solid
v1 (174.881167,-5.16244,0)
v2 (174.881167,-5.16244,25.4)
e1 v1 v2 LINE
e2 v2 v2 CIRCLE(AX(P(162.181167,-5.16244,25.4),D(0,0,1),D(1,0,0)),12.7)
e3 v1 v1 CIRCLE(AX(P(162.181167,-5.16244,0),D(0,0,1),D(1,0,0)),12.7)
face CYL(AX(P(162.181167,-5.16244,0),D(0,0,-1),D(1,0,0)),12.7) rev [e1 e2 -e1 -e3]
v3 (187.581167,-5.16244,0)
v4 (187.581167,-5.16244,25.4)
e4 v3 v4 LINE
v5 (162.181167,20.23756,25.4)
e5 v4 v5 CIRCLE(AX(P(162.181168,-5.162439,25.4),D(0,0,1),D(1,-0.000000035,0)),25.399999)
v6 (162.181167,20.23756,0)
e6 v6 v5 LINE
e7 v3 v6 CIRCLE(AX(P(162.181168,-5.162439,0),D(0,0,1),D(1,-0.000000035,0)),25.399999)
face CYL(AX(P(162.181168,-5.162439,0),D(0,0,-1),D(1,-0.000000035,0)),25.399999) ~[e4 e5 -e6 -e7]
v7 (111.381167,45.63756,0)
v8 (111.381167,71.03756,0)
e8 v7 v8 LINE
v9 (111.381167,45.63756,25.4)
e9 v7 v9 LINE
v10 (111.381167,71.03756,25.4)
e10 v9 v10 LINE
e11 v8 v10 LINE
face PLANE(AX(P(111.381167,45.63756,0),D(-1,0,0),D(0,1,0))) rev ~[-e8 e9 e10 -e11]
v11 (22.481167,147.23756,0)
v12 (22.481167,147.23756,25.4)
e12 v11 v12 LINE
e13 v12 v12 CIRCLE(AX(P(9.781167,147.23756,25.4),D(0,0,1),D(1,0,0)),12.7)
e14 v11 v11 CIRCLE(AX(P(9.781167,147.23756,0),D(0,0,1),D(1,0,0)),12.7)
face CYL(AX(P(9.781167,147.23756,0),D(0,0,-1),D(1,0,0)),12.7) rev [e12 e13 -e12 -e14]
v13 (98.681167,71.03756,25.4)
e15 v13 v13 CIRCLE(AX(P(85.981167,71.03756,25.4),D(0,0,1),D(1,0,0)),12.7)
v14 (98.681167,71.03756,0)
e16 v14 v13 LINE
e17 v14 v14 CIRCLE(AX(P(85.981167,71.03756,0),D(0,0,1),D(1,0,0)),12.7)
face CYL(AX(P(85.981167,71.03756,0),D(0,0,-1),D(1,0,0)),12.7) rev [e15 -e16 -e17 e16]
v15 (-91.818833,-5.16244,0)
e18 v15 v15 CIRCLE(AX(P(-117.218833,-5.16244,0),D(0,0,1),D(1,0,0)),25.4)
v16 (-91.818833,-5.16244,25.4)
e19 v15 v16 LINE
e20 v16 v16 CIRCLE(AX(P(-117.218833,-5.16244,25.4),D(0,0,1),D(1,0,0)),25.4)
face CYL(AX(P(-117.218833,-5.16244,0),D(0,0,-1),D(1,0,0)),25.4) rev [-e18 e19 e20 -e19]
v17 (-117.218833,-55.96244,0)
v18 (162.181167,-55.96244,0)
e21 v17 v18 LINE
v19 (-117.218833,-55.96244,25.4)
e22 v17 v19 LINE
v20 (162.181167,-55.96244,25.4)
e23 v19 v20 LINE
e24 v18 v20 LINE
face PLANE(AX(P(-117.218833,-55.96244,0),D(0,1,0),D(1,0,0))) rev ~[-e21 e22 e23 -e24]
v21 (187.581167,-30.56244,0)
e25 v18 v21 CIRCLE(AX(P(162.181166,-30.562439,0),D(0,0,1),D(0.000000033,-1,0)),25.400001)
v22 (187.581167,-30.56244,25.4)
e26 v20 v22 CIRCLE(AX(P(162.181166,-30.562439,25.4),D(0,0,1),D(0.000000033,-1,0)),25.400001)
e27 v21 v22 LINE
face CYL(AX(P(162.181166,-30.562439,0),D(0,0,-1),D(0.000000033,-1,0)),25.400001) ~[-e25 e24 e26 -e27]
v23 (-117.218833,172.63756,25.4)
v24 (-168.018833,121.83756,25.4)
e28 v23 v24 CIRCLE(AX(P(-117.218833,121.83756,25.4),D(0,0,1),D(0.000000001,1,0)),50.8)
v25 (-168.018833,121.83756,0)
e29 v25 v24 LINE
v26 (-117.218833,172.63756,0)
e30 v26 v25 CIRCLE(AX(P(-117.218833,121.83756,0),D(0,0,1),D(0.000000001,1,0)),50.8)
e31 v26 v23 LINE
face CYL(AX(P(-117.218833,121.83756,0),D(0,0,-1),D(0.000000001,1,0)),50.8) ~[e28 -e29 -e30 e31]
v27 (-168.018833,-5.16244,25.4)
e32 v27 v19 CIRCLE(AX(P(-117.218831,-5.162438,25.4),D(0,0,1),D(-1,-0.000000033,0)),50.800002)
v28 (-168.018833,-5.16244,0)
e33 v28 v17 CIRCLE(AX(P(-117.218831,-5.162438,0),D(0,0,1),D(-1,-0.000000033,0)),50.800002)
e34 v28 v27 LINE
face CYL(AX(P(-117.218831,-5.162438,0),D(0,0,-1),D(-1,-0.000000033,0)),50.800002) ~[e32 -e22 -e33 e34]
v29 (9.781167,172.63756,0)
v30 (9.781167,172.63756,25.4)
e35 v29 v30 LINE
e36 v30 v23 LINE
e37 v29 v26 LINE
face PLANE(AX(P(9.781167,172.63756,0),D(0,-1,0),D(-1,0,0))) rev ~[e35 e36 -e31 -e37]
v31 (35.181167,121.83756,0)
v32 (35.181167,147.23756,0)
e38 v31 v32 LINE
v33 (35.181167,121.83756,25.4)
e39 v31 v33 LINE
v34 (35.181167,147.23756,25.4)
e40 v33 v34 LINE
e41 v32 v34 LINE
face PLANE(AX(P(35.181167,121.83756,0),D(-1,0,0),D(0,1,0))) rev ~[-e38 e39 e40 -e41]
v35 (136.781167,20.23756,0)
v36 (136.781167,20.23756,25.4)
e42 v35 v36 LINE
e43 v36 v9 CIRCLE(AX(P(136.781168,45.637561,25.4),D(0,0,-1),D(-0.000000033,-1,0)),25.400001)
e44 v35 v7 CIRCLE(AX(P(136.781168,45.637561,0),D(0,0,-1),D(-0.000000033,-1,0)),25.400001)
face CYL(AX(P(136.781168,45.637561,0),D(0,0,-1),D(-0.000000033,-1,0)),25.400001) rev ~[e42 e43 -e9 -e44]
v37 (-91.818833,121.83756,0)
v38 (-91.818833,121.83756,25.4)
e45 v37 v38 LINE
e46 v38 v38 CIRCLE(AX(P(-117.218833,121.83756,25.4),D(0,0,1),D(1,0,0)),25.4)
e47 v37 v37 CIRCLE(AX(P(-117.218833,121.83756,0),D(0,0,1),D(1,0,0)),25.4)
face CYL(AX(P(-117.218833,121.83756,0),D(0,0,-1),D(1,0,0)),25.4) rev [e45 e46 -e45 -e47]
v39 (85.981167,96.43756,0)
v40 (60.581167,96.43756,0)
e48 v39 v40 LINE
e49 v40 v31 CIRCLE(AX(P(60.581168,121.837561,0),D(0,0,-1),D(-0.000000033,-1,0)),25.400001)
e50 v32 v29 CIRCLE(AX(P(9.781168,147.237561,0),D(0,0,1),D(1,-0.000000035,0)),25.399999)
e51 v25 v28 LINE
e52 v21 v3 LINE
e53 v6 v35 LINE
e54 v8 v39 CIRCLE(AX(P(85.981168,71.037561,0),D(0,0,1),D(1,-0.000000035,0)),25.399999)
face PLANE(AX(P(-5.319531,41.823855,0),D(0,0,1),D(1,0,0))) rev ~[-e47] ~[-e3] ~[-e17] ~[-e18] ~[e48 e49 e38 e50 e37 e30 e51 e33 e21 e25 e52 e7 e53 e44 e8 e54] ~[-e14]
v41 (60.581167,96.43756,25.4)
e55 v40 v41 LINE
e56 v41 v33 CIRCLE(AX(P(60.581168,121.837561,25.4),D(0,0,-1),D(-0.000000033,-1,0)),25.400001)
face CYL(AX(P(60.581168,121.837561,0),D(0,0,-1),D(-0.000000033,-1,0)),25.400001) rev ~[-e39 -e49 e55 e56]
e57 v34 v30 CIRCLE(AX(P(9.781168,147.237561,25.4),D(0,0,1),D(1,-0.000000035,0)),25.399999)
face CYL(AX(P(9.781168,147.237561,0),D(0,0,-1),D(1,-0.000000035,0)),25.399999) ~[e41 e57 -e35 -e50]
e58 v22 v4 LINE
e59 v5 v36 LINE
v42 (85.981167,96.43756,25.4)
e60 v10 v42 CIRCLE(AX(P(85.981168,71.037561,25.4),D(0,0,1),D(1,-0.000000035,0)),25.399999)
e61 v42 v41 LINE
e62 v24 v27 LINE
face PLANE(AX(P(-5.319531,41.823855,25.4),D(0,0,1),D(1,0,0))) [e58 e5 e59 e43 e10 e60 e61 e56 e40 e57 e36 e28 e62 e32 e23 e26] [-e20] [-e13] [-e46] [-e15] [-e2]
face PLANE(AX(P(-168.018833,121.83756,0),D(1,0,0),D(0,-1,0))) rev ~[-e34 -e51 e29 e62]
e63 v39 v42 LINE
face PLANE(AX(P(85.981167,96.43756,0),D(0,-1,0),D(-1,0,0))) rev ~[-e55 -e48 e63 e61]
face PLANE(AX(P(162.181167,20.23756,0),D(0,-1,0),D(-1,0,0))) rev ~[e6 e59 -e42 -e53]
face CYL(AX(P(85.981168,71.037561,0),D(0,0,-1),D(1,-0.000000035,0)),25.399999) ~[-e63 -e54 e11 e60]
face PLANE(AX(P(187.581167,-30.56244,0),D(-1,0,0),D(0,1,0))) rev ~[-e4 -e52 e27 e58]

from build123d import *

# Parameters (mm, degrees)
F0_R     = 25.4
F0_R_2   = 12.7
F1_DEPTH = 25.4


with BuildPart() as f1:
    # F0 (on Top) → F1 (new body)
    with BuildSketch(Plane.XY):
        with BuildLine():
            Line((-117.218833, -55.96244), (162.181167, -55.96244))
            ThreePointArc((162.181167, -55.96244), (180.141679, -48.522952), (187.581167, -30.56244))
            Line((187.581167, -30.56244), (187.581167, -5.16244))
            ThreePointArc((187.581167, -5.16244), (180.141679, 12.798073), (162.181167, 20.23756))
            Line((162.181167, 20.23756), (136.781167, 20.23756))
            ThreePointArc((136.781167, 20.23756), (118.820655, 27.677048), (111.381167, 45.63756))
            Line((111.381167, 45.63756), (111.381167, 71.03756))
            ThreePointArc((111.381167, 71.03756), (103.941679, 88.998073), (85.981167, 96.43756))
            Line((85.981167, 96.43756), (60.581167, 96.43756))
            ThreePointArc((60.581167, 96.43756), (42.620655, 103.877048), (35.181167, 121.83756))
            Line((35.181167, 121.83756), (35.181167, 147.23756))
            ThreePointArc((35.181167, 147.23756), (27.741679, 165.198073), (9.781167, 172.63756))
            Line((9.781167, 172.63756), (-117.218833, 172.63756))
            ThreePointArc((-117.218833, 172.63756), (-153.139857, 157.758585), (-168.018833, 121.83756))
            Line((-168.018833, 121.83756), (-168.018833, -5.16244))
            ThreePointArc((-168.018833, -5.16244), (-153.139857, -41.083464), (-117.218833, -55.96244))
        make_face()
        with Locations((-117.218833, -5.16244)):
            Circle(F0_R, mode=Mode.SUBTRACT)
        with Locations((162.181167, -5.16244)):
            Circle(F0_R_2, mode=Mode.SUBTRACT)
        with Locations((-117.218833, 121.83756)):
            Circle(F0_R, mode=Mode.SUBTRACT)
        with Locations((9.781167, 147.23756)):
            Circle(F0_R_2, mode=Mode.SUBTRACT)
        with Locations((85.981167, 71.03756)):
            Circle(F0_R_2, mode=Mode.SUBTRACT)
    extrude(amount=F1_DEPTH)


solid = f1.part
